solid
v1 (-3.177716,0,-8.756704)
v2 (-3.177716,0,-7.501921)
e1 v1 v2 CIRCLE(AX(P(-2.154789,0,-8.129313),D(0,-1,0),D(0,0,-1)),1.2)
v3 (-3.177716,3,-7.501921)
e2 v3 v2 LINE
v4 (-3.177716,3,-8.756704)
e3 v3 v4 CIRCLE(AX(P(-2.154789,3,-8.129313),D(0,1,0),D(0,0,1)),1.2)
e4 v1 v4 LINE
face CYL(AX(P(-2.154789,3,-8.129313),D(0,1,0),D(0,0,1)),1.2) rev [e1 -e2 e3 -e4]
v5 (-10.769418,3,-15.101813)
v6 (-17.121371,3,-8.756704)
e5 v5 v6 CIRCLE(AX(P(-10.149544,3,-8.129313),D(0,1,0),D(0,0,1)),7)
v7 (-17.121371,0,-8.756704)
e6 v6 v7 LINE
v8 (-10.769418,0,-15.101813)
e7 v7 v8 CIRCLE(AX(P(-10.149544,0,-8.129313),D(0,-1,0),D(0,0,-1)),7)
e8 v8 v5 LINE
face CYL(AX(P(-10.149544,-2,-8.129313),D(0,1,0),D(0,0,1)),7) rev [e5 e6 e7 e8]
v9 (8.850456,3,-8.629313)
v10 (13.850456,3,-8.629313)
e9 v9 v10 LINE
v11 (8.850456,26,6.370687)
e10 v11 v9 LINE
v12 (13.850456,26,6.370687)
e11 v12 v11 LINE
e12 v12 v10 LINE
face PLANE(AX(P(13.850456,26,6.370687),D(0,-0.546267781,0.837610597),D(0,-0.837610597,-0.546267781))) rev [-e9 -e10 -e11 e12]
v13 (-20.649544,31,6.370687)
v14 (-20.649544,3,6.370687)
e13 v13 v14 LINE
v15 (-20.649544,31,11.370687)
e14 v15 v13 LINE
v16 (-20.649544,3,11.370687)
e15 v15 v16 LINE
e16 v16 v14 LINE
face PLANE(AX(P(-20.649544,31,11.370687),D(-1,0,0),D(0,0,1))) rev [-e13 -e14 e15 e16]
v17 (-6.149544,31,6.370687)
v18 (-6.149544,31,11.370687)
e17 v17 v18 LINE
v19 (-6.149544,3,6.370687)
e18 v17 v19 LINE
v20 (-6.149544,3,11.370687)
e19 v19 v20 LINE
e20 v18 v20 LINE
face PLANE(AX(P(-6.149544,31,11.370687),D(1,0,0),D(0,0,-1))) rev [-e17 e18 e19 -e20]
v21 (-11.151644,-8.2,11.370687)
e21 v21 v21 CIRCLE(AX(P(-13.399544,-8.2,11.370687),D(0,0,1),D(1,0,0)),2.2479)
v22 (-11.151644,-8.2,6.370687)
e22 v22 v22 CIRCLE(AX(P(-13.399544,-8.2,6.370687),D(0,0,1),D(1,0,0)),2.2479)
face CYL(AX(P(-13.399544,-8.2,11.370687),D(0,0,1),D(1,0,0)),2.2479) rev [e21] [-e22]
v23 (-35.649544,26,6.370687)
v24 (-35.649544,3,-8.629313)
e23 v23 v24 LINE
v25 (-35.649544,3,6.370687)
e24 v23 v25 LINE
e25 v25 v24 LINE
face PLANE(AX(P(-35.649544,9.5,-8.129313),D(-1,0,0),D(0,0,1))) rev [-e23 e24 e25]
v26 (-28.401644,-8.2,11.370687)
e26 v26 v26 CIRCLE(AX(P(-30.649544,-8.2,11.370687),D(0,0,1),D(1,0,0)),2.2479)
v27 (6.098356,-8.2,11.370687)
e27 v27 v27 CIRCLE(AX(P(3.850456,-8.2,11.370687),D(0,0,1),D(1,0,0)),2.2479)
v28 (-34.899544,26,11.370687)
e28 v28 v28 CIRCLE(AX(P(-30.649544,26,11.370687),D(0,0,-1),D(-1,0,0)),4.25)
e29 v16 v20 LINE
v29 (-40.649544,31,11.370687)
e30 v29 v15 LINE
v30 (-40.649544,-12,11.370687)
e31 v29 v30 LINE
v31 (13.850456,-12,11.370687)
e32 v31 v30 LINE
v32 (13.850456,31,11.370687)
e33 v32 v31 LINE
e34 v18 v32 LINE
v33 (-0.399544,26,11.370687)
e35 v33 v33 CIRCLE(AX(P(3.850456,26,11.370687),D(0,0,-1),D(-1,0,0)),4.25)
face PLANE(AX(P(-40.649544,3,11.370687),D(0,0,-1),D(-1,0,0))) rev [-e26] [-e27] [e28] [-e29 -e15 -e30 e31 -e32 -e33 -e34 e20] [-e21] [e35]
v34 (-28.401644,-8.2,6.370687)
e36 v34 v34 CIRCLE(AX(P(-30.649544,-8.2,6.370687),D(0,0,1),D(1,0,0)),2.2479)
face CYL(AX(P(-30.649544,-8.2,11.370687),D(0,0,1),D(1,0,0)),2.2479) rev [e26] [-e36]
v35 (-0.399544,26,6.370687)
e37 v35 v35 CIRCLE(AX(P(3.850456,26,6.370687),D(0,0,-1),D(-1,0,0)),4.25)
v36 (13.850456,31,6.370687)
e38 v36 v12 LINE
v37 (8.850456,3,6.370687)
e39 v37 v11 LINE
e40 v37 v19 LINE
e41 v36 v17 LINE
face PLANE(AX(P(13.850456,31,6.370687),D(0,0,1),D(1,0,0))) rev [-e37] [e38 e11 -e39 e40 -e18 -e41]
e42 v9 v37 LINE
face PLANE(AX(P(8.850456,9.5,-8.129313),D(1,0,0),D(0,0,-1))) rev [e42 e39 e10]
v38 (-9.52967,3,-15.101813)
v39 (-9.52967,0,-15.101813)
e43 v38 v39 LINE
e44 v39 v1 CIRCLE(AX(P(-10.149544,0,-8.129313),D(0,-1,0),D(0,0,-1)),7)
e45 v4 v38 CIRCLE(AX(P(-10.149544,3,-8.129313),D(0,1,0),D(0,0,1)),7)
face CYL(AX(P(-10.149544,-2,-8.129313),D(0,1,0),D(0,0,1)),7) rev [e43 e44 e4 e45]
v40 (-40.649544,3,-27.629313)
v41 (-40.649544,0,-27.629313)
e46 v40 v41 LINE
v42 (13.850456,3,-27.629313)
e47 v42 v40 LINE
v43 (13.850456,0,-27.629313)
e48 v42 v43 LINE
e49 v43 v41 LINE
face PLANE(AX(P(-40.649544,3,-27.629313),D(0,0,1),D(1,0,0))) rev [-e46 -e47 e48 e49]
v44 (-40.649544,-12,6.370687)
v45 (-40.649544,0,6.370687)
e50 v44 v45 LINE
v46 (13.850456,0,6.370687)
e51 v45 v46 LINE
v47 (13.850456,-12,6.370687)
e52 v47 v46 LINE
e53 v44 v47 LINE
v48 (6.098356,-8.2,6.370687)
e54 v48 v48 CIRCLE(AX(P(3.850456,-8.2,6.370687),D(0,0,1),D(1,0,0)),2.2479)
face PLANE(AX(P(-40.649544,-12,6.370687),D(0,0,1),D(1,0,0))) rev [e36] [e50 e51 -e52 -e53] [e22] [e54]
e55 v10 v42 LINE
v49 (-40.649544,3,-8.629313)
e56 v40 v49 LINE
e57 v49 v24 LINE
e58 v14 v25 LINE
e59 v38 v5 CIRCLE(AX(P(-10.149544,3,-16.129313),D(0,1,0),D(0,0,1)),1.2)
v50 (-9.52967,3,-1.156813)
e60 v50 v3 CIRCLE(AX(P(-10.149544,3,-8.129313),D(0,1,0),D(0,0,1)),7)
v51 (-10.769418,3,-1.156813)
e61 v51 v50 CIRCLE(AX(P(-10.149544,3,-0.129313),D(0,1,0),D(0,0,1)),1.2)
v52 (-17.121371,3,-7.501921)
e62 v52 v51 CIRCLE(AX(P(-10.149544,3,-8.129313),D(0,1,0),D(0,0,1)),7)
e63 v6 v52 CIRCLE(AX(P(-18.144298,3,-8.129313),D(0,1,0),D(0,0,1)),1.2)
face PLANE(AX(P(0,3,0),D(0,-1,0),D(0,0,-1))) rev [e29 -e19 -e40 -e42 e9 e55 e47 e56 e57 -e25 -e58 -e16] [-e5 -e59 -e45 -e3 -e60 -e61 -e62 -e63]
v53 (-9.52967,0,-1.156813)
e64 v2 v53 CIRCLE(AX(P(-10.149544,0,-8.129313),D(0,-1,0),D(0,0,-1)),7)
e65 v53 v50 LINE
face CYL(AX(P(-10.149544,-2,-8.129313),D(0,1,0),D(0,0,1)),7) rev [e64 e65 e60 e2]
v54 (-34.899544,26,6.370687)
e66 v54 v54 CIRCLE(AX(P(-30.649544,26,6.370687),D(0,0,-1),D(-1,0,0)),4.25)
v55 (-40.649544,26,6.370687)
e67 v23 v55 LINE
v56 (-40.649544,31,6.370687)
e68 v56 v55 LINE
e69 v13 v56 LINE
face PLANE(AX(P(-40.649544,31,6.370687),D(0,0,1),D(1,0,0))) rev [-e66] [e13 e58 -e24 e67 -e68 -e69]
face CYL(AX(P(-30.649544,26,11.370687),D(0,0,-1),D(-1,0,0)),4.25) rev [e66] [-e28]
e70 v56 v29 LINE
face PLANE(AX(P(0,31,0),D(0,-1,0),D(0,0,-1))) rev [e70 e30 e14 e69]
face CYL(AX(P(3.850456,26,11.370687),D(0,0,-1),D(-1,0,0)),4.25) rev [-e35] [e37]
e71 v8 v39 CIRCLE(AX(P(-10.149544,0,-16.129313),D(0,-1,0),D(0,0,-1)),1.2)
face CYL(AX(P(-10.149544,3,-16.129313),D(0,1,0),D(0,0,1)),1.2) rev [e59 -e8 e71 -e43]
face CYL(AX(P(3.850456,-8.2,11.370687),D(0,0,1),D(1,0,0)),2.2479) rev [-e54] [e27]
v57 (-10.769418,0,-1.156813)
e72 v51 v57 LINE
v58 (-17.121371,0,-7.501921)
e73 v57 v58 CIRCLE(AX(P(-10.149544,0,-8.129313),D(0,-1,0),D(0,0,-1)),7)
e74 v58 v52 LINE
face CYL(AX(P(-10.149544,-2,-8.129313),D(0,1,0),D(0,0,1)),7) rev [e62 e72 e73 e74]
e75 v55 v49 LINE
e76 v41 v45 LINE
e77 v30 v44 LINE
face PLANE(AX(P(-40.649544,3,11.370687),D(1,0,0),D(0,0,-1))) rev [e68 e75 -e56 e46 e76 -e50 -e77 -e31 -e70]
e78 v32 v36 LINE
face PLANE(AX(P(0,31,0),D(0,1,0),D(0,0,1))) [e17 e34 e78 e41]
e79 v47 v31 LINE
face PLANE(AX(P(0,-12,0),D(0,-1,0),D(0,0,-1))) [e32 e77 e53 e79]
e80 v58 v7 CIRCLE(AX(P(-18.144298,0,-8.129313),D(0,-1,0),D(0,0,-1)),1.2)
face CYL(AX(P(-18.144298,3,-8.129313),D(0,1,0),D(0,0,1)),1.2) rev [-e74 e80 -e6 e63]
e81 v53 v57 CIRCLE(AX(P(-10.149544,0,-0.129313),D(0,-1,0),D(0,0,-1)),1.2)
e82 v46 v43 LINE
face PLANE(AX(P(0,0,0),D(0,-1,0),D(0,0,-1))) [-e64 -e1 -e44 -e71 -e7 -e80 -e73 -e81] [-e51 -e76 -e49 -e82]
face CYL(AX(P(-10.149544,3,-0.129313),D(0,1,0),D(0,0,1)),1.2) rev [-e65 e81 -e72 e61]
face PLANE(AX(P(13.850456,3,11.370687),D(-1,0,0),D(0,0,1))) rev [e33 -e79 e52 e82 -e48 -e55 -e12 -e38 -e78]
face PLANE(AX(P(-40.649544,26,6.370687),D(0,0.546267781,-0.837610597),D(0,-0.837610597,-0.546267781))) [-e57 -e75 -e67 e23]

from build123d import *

# Parameters (mm, degrees)
SKETCH1_W                 = 54.5
SKETCH1_H                 = 39
BOSS_EXTRUDE1_DEPTH       = 3
SKETCH10_R                = 7
CUT_EXTRUDE1_DEPTH        = 5
M2_CLEARANCE_HOLE1_D      = 2.4
M2_CLEARANCE_HOLE1_DEPTH  = 17
M2_CLEARANCE_HOLE1_TIP    = 0.721032743
SKETCH12_W                = 20
SKETCH12_H                = 5
BOSS_EXTRUDE2_DEPTH       = 28
SKETCH13_R                = 4.25
CUT_EXTRUDE2_DEPTH        = 5
SKETCH16_W                = 54.5
SKETCH16_H                = 5
BOSS_EXTRUDE4_DEPTH       = 12
F_8_CLEARANCE_HOLE1_D     = 4.4958
F_8_CLEARANCE_HOLE1_DEPTH = 17
F_8_CLEARANCE_HOLE1_TIP   = 1.350674586
RIB2_REACH                = 70.517
SKETCH20_WALL_W           = 166.493784704
SKETCH20_WALL_H           = 5
RIB4_REACH                = 70.517
SKETCH21_WALL_W           = 166.493784704
SKETCH21_WALL_H           = 5


with BuildPart() as part:
    # Sketch1 → Boss-Extrude1 (new body)
    with BuildSketch(Plane(origin=(0, 0, 0), x_dir=(1, 0, 0), z_dir=(0, 1, 0))):
        with Locations((-13.399543841, 8.129312584)):
            Rectangle(SKETCH1_W, SKETCH1_H)
    extrude(amount=BOSS_EXTRUDE1_DEPTH)

    # Sketch10 → Cut-Extrude1 (cut)
    with BuildSketch(Plane(origin=(0, 3, 0), x_dir=(1, 0, 0), z_dir=(0, 1, 0))):
        with Locations(Location((-10.149543841, 8.129312584, 0), (0, 0, 270))):
            Circle(SKETCH10_R)
    extrude(amount=-CUT_EXTRUDE1_DEPTH, mode=Mode.SUBTRACT)

    # M2 Clearance Hole1
    with Locations(Plane(origin=(-10.149543841, 3, -0.129312584), x_dir=(0, 0, 1), z_dir=(0, 1, 0))):
        with Locations((0, 0), (-8, 7.99475453), (-8, -7.99475453), (-16, 0)):
            Hole(M2_CLEARANCE_HOLE1_D / 2, depth=M2_CLEARANCE_HOLE1_DEPTH)
            with Locations((0, 0, -(M2_CLEARANCE_HOLE1_DEPTH + M2_CLEARANCE_HOLE1_TIP / 2))):  # 118° drill point
                Cone(0, M2_CLEARANCE_HOLE1_D / 2, M2_CLEARANCE_HOLE1_TIP, mode=Mode.SUBTRACT)

    # Sketch12 → Boss-Extrude2 (add)
    with BuildSketch(Plane(origin=(0, 3, 0), x_dir=(1, 0, 0), z_dir=(0, 1, 0))):
        with Locations((3.850456159, -8.870687416)):
            Rectangle(SKETCH12_W, SKETCH12_H)
        with Locations((-30.649543841, -8.870687416)):
            Rectangle(SKETCH12_W, SKETCH12_H)
    extrude(amount=BOSS_EXTRUDE2_DEPTH)

    # Sketch13 → Cut-Extrude2 (cut)
    with BuildSketch(Plane(origin=(0, 0, 6.370687416), x_dir=(-1, 0, 0), z_dir=(0, 0, -1))):
        with Locations((-3.850456159, 26)):
            Circle(SKETCH13_R)
        with Locations((30.649543841, 26)):
            Circle(SKETCH13_R)
    extrude(amount=-CUT_EXTRUDE2_DEPTH, mode=Mode.SUBTRACT)

    # Sketch16 → Boss-Extrude4 (add)
    with BuildSketch(Plane.XZ):
        with Locations((-13.399543841, 8.870687416)):
            Rectangle(SKETCH16_W, SKETCH16_H)
    extrude(amount=BOSS_EXTRUDE4_DEPTH)

    # #8 Clearance Hole1
    with Locations(Plane(origin=(-30.649543841, -8.2, 11.370687416), x_dir=(1, 0, 0), z_dir=(0, 0, 1))):
        with Locations((0, 0), (17.25, 0), (34.5, 0)):
            Hole(F_8_CLEARANCE_HOLE1_D / 2, depth=F_8_CLEARANCE_HOLE1_DEPTH)
            with Locations((0, 0, -(F_8_CLEARANCE_HOLE1_DEPTH + F_8_CLEARANCE_HOLE1_TIP / 2))):  # 118° drill point
                Cone(0, F_8_CLEARANCE_HOLE1_D / 2, F_8_CLEARANCE_HOLE1_TIP, mode=Mode.SUBTRACT)

    # Sketch20 wall → Rib2 (add, up to next)
    with BuildSketch(Plane(origin=(13.850456159, 14.5, -1.129312584), x_dir=(0, -0.837610596839, -0.546267780547), z_dir=(0, 0.546267780547, -0.837610596839)), mode=Mode.PRIVATE) as rib2_sk1:
        with Locations((0, 2.5)):
            Rectangle(SKETCH20_WALL_W, SKETCH20_WALL_H)
    rib2_tool1 = extrude(rib2_sk1.sketch, amount=-RIB2_REACH, mode=Mode.PRIVATE) - part.part
    add(rib2_tool1.solids().sort_by_distance((13.850456159, 14.5, -1.129312584))[0])

    # Sketch21 wall → Rib4 (add, up to next)
    with BuildSketch(Plane(origin=(-40.649543841, 14.5, -1.129312584), x_dir=(0, -0.837610596839, -0.546267780547), z_dir=(0, -0.546267780547, 0.837610596839)), mode=Mode.PRIVATE) as rib4_sk1:
        with Locations((0, 2.5)):
            Rectangle(SKETCH21_WALL_W, SKETCH21_WALL_H)
    rib4_tool1 = extrude(rib4_sk1.sketch, amount=RIB4_REACH, mode=Mode.PRIVATE) - part.part
    add(rib4_tool1.solids().sort_by_distance((-40.649543841, 14.5, -1.129312584))[0])


solid = part.part
